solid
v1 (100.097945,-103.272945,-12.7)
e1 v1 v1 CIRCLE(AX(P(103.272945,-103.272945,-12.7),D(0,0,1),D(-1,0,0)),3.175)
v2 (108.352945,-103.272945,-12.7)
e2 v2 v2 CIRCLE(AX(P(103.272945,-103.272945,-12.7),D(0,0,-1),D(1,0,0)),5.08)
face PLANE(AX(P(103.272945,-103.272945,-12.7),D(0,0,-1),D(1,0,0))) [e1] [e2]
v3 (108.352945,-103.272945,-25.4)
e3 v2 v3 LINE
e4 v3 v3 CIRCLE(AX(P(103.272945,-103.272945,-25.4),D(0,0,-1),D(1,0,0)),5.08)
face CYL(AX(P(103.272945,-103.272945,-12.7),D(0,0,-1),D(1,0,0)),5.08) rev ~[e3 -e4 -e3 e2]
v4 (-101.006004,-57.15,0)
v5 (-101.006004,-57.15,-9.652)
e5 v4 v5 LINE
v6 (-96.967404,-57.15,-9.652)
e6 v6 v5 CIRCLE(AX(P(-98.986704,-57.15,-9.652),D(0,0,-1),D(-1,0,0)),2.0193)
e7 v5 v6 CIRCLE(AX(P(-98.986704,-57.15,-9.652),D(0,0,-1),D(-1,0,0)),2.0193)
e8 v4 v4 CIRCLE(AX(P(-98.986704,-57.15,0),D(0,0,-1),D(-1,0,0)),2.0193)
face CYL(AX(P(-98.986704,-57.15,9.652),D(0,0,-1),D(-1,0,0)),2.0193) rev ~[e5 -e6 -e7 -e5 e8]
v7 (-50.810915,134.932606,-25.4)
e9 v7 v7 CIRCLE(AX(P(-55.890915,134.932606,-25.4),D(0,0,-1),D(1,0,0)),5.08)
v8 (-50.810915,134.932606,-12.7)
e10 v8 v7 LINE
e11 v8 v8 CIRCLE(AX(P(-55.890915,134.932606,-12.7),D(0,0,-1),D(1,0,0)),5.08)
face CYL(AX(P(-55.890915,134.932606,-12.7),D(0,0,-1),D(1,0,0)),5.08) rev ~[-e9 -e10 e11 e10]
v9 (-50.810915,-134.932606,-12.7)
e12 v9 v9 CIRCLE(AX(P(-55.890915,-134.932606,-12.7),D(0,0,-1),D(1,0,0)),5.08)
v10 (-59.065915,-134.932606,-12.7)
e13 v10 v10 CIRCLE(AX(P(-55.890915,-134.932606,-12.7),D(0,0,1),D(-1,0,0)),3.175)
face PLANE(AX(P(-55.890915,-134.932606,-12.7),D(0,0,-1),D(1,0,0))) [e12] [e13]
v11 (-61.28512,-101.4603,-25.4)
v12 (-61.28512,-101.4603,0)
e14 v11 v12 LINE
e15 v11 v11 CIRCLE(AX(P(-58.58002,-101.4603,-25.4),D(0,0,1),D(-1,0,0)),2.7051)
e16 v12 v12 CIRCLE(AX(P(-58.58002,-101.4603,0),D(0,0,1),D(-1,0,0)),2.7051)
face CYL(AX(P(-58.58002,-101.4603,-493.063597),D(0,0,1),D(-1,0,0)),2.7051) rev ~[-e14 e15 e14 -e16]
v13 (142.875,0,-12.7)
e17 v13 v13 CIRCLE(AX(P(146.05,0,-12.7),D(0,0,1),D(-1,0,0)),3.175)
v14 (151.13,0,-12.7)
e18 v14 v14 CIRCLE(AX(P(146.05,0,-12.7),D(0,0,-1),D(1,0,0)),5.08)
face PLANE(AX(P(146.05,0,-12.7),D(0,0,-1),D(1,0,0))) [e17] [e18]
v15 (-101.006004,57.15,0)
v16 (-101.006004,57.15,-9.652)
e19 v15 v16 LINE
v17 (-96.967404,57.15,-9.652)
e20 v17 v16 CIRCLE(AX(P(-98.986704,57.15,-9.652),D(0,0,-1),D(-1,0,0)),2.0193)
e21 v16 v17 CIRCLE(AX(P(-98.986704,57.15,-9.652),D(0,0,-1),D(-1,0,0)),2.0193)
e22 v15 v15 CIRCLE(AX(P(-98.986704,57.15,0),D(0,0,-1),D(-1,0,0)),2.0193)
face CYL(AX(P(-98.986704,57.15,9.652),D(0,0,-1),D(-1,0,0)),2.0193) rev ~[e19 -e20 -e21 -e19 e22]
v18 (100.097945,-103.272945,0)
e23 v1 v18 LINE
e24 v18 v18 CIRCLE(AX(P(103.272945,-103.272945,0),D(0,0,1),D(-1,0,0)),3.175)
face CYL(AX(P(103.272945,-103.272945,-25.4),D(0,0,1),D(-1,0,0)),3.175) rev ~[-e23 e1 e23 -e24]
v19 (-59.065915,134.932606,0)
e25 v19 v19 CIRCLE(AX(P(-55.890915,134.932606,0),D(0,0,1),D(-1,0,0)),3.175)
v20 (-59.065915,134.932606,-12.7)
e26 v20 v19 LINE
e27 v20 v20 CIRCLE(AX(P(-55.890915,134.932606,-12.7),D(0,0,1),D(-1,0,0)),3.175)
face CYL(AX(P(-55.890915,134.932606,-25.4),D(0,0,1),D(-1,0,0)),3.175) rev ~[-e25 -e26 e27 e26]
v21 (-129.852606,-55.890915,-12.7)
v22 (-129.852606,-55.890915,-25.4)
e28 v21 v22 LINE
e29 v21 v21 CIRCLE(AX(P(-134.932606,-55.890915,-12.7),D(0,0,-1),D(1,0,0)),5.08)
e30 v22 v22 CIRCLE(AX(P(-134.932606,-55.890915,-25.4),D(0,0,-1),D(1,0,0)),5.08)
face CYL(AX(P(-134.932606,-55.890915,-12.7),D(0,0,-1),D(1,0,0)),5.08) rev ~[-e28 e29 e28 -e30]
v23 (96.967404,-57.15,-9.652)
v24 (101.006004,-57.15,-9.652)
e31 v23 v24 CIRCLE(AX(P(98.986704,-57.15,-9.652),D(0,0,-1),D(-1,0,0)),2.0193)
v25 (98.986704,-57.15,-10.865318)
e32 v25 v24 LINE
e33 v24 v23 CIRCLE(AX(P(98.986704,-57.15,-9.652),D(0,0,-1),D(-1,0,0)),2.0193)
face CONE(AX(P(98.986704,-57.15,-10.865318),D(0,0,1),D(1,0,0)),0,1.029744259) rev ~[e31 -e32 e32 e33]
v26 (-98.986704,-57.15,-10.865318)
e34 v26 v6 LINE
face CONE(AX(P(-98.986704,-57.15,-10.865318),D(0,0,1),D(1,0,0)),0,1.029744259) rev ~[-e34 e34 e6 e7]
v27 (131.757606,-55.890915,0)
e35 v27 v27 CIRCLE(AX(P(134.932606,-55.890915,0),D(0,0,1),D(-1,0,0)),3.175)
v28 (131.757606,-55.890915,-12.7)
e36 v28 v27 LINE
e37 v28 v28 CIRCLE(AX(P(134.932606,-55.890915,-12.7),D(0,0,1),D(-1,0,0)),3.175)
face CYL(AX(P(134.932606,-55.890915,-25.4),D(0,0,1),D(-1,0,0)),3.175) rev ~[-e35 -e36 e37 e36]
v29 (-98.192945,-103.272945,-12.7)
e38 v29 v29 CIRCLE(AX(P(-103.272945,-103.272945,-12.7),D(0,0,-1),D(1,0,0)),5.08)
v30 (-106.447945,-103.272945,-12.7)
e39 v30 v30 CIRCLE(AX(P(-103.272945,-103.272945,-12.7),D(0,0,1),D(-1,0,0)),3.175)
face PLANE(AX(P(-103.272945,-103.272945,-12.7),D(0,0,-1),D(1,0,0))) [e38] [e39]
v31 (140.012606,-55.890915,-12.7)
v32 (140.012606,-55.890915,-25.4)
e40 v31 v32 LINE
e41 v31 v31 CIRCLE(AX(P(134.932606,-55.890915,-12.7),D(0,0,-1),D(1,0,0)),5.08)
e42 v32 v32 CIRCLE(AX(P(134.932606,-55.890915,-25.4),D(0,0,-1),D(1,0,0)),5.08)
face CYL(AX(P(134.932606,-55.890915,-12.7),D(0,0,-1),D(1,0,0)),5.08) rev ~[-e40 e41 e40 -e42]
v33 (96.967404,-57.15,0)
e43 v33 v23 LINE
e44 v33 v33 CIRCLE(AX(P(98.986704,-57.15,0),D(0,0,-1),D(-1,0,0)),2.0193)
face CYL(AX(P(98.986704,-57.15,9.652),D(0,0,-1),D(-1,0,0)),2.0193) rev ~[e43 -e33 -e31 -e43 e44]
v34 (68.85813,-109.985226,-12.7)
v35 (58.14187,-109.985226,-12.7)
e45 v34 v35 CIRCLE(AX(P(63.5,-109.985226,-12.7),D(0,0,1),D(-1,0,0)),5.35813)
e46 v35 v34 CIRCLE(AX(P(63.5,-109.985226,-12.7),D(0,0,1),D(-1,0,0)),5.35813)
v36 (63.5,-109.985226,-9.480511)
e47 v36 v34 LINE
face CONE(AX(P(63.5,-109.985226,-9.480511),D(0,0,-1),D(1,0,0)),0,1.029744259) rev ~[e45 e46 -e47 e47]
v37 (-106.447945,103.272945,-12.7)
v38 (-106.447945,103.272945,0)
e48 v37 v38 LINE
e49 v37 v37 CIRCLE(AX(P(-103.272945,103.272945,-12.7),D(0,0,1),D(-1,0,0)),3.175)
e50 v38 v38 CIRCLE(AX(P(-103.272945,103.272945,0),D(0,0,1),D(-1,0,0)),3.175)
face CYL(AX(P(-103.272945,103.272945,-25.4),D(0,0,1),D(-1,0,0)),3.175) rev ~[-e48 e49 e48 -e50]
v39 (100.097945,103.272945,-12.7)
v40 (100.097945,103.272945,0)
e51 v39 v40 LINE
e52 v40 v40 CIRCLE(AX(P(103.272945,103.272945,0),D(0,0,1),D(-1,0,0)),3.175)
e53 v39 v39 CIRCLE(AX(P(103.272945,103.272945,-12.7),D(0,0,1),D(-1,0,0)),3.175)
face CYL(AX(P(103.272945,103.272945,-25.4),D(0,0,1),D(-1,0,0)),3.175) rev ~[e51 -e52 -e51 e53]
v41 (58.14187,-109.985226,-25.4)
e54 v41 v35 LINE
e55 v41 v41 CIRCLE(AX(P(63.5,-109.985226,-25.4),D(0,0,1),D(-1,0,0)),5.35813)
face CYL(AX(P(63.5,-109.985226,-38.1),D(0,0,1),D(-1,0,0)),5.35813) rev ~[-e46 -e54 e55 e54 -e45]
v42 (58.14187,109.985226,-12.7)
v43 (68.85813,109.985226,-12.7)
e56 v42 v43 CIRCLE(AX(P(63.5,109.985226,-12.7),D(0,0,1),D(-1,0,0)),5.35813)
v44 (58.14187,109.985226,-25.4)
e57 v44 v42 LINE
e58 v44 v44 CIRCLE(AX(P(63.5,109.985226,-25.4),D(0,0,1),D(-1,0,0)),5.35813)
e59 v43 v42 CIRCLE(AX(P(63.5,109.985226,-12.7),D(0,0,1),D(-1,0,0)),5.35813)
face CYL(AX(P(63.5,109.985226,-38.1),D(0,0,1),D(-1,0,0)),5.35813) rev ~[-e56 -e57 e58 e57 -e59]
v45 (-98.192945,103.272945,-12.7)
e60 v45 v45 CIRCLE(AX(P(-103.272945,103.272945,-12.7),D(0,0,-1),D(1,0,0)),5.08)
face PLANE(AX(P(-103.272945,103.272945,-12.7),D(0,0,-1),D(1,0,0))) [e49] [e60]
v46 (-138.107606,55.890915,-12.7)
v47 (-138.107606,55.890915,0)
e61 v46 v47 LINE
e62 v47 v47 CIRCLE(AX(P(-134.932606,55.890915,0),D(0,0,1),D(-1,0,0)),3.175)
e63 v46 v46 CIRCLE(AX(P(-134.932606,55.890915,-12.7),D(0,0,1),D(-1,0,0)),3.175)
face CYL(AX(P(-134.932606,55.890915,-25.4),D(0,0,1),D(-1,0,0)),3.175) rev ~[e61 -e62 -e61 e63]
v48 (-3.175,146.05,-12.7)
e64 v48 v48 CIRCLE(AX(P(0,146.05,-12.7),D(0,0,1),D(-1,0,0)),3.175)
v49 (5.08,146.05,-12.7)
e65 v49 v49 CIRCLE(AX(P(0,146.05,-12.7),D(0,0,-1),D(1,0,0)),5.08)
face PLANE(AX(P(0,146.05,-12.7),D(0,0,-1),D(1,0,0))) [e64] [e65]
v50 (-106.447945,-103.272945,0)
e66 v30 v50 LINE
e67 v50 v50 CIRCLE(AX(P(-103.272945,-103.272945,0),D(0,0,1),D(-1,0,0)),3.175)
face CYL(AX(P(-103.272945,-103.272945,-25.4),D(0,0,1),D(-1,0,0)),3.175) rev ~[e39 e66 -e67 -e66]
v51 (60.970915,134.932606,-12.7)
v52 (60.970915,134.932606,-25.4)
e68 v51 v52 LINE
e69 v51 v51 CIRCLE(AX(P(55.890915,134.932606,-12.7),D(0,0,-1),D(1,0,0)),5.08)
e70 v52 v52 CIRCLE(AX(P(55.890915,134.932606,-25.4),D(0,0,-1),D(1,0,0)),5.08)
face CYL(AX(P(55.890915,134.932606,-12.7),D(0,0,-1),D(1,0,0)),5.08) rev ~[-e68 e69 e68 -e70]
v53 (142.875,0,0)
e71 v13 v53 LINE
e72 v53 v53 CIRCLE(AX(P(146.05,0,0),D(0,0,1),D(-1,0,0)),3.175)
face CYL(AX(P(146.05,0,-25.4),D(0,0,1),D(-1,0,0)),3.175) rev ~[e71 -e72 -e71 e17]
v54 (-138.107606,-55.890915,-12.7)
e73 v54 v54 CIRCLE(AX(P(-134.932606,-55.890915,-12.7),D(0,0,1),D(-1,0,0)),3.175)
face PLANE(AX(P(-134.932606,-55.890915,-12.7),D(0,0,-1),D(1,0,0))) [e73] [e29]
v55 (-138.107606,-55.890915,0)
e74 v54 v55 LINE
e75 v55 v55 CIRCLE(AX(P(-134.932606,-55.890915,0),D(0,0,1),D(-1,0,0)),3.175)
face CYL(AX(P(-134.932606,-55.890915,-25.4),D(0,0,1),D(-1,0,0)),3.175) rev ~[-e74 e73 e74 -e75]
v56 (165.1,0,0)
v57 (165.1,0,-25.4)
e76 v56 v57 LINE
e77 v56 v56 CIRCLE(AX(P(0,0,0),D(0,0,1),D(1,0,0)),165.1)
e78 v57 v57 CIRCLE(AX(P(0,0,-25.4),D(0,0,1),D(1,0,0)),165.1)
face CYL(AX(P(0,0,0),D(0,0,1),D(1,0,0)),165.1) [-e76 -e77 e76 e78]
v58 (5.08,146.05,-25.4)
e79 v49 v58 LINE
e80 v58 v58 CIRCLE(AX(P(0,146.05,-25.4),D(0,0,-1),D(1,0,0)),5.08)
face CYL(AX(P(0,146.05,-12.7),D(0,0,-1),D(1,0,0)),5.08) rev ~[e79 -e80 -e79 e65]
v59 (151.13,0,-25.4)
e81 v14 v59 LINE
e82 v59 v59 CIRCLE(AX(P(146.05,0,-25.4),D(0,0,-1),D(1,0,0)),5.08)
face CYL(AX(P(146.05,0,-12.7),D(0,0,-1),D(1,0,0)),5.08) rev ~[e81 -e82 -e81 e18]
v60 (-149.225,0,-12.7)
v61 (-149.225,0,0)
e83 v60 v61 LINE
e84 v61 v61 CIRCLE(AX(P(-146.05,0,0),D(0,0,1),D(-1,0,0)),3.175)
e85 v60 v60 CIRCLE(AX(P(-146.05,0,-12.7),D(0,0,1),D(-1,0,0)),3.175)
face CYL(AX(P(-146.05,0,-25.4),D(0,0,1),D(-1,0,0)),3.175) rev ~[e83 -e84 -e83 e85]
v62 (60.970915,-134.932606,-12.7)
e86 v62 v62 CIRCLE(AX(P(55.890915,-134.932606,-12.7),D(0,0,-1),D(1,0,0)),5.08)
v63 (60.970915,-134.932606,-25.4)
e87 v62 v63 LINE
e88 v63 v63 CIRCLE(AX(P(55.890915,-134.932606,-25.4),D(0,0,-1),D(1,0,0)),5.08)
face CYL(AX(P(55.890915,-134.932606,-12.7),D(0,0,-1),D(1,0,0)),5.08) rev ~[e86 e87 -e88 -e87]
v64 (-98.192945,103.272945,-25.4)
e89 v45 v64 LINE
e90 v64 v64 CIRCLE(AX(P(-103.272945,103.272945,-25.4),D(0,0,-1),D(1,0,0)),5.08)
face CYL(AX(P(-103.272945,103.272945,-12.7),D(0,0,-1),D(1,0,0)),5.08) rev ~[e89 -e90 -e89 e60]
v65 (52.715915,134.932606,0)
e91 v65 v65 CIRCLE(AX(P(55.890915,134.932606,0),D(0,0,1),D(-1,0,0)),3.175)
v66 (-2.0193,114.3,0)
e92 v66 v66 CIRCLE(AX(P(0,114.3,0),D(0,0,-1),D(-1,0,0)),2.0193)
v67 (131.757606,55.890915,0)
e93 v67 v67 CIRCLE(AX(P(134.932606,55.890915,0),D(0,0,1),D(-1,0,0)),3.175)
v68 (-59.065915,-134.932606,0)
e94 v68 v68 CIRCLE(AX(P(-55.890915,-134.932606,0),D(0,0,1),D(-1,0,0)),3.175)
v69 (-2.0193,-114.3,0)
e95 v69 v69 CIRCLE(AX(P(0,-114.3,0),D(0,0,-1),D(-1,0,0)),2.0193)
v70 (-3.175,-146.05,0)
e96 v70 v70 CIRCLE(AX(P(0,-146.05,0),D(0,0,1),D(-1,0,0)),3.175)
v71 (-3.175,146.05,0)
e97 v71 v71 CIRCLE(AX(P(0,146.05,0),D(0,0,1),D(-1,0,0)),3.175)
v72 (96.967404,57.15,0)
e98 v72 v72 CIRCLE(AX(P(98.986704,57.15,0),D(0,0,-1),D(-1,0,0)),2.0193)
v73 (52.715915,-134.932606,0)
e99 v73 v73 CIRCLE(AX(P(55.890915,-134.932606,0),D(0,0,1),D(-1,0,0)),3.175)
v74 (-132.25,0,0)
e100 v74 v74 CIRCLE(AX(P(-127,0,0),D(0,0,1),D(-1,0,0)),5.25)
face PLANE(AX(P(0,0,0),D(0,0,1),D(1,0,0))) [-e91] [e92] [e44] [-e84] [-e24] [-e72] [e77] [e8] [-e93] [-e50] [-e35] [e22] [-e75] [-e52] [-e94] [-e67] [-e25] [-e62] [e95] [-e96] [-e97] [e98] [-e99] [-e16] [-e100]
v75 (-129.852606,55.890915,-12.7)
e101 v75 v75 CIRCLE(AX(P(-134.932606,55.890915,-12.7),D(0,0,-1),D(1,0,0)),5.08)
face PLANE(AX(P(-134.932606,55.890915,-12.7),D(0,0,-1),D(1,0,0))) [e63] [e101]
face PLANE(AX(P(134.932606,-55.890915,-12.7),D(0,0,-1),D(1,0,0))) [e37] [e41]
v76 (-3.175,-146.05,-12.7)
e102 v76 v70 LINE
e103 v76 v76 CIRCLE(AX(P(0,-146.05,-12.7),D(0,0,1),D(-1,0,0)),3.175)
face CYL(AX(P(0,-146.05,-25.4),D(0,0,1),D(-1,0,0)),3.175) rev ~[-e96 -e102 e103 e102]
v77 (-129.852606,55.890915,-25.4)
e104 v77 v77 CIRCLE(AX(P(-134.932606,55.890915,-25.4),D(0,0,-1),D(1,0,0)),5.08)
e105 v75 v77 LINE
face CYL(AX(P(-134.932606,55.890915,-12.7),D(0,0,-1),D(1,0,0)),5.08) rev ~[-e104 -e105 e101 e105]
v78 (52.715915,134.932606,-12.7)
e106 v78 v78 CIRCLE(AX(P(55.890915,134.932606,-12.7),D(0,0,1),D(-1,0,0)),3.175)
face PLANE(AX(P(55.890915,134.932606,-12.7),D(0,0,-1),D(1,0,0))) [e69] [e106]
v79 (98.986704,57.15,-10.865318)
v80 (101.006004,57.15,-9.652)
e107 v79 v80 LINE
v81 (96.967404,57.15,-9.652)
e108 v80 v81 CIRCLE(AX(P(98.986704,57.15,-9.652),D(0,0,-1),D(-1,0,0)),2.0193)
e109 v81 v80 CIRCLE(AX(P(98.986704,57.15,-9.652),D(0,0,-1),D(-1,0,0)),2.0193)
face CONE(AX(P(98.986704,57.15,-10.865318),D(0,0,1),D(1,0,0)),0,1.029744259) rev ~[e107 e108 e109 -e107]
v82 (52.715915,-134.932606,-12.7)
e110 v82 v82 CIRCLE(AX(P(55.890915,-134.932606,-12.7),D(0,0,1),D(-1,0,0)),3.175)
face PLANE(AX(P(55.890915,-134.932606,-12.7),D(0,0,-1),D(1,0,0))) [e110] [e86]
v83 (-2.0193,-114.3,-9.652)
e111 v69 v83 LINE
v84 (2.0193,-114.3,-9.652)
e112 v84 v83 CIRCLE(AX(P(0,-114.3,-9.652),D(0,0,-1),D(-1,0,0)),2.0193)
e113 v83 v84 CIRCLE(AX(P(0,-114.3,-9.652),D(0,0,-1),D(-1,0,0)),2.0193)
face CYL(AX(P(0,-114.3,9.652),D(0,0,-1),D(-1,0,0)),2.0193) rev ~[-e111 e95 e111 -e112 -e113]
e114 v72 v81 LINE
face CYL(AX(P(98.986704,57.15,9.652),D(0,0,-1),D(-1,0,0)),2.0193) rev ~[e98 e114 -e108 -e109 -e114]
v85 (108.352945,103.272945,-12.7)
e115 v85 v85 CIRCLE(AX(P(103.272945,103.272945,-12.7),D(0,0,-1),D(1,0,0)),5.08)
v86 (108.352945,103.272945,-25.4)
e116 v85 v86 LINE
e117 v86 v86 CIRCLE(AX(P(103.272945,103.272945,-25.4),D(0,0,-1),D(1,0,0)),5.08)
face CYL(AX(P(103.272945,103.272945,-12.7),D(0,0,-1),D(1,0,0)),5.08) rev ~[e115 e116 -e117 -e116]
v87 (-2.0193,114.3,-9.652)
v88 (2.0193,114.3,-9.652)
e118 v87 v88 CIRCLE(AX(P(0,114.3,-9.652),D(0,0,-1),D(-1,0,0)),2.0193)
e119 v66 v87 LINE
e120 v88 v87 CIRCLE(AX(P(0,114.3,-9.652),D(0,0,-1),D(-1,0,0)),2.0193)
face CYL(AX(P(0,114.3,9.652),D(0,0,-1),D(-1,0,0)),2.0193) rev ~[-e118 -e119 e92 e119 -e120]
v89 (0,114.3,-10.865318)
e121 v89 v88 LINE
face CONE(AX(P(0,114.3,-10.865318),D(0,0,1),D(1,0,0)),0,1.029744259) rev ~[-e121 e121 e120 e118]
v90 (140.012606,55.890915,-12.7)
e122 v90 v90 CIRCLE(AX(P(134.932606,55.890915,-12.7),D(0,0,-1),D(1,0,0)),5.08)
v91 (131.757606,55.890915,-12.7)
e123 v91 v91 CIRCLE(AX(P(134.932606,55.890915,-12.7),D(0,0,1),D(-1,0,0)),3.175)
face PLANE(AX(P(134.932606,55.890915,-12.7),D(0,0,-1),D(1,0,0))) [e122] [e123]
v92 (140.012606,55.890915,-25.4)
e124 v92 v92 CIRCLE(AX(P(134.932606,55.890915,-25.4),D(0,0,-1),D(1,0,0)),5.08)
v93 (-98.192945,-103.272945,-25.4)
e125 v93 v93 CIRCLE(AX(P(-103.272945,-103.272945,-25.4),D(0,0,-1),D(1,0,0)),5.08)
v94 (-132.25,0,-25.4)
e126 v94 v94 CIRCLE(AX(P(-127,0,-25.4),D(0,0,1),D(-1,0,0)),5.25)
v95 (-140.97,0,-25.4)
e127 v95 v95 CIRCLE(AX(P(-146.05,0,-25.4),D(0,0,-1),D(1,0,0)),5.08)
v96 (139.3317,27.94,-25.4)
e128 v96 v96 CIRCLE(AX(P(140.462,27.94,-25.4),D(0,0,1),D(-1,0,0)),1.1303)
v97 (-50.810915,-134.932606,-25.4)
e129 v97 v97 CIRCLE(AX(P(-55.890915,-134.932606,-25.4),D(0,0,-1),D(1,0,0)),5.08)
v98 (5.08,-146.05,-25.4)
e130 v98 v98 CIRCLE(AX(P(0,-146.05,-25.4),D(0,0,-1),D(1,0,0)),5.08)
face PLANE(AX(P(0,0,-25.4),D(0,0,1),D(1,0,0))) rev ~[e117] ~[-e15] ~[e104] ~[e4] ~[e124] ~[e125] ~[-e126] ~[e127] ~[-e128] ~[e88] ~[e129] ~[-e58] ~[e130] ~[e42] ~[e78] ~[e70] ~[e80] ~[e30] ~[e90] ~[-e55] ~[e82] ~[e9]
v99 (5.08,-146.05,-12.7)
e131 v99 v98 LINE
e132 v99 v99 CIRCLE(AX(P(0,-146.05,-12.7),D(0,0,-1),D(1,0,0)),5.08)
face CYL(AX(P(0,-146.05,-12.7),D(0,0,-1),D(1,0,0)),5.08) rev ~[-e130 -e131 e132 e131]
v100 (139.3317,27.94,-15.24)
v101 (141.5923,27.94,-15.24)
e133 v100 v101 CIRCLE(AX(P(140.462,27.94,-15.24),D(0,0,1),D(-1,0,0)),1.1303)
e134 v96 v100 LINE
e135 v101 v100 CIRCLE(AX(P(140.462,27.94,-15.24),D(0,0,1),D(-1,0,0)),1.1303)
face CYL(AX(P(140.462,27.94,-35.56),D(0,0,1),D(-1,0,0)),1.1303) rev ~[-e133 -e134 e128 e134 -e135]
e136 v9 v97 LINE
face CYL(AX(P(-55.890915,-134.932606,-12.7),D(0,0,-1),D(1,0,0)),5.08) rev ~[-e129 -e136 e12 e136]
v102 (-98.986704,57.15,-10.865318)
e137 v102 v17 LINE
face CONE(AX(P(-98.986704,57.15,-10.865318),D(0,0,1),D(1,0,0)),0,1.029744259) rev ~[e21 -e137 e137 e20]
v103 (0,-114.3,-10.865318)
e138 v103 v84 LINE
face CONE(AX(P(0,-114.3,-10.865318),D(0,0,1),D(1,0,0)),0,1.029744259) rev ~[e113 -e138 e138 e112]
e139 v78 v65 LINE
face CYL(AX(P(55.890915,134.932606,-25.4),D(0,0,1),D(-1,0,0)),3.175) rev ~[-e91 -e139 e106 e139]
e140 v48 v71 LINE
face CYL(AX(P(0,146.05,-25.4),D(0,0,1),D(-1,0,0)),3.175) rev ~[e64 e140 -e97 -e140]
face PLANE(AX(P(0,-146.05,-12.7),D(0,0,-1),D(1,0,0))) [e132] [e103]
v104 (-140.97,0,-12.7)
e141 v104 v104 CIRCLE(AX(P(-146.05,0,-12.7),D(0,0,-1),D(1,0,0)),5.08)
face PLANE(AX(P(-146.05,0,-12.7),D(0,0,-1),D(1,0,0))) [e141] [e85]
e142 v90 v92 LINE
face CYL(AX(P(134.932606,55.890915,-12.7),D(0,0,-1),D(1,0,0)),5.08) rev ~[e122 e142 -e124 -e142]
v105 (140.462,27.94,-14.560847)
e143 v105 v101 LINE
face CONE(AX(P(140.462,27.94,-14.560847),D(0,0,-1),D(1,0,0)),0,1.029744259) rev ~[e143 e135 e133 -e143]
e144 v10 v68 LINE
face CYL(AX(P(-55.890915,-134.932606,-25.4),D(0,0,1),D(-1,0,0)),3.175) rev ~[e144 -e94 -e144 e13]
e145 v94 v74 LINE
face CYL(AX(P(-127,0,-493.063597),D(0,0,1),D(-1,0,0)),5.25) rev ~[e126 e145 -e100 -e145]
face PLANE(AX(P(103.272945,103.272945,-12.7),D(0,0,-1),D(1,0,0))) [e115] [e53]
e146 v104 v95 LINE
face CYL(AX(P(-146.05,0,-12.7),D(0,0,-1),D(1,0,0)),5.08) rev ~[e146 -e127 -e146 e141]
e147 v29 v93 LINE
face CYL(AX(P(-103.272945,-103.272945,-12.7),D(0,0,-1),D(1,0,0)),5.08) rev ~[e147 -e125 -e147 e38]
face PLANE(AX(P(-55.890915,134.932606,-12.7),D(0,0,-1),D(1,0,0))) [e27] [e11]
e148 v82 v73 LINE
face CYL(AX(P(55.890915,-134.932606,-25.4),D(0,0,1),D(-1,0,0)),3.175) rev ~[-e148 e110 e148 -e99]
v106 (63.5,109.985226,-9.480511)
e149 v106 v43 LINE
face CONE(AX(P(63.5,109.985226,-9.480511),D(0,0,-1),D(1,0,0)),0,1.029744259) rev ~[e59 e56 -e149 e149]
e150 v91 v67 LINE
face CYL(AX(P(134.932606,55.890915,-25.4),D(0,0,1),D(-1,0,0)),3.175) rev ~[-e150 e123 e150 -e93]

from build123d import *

# Parameters (mm, degrees)
F0_R           = 165.1
F1_DEPTH       = 25.4
F3_D           = 4.0386
F3_DEPTH       = 9.652
F3_TIP         = 1.213317848
F5_D           = 6.35
F5_CBORE_D     = 10.16
F5_CBORE_DEPTH = 12.7
F6_D           = 10.5
F7_D           = 2.2606
F7_DEPTH       = 10.16
F7_TIP         = 0.6791527577
F8_D           = 5.4102
F9_D           = 10.71626
F9_DEPTH       = 12.7
F9_TIP         = 3.2194893086


with BuildPart() as f1:
    # F0 (on Top) → F1 (new body)
    with BuildSketch(Plane.XY):
        Circle(F0_R)
    extrude(amount=-F1_DEPTH)

    # F3
    with Locations(Plane.XY):
        with Locations((-98.9867036526, 57.15), (-98.9867036526, -57.15), (0, -114.3), (98.9867036526, -57.15), (98.9867036526, 57.15), (0, 114.3)):
            Hole(F3_D / 2, depth=F3_DEPTH)
            with Locations((0, 0, -(F3_DEPTH + F3_TIP / 2))):  # 118° drill point
                Cone(0, F3_D / 2, F3_TIP, mode=Mode.SUBTRACT)

    # F5 (through all)
    with Locations(Plane(origin=(0, 0, -25.4), x_dir=(1, 0, 0), z_dir=(0, 0, -1))):
        with Locations((-134.9326057233, 55.8909152969), (-103.2729453923, 103.2729453923), (-55.8909152969, 134.9326057233), (0, 146.05), (55.8909152969, 134.9326057233), (103.2729453923, 103.2729453923), (134.9326057233, 55.8909152969), (146.05, 0), (134.9326057233, -55.8909152969), (103.2729453923, -103.2729453923), (55.8909152969, -134.9326057233), (0, -146.05), (-55.8909152969, -134.9326057233), (-103.2729453923, -103.2729453923), (-134.9326057233, -55.8909152969), (-146.05, 0)):
            CounterBoreHole(F5_D / 2, F5_CBORE_D / 2, F5_CBORE_DEPTH)

    # F6 (through all)
    with Locations(Plane(origin=(0, 0, -25.4), x_dir=(1, 0, 0), z_dir=(0, 0, -1))):
        with Locations((-127, 0)):
            Hole(F6_D / 2)

    # F7
    with Locations(Plane(origin=(0, 0, -25.4), x_dir=(1, 0, 0), z_dir=(0, 0, -1))):
        with Locations((140.462, -27.94)):
            Hole(F7_D / 2, depth=F7_DEPTH)
            with Locations((0, 0, -(F7_DEPTH + F7_TIP / 2))):  # 118° drill point
                Cone(0, F7_D / 2, F7_TIP, mode=Mode.SUBTRACT)

    # F8 (through all)
    with Locations(Plane(origin=(0, 0, -25.4), x_dir=(1, 0, 0), z_dir=(0, 0, -1))):
        with Locations((-58.58002, 101.4603)):
            Hole(F8_D / 2)

    # F9
    with Locations(Plane(origin=(0, 0, -25.4), x_dir=(1, 0, 0), z_dir=(0, 0, -1))):
        with Locations((63.5, -109.9852262806), (63.5, 109.9852262806)):
            Hole(F9_D / 2, depth=F9_DEPTH)
            with Locations((0, 0, -(F9_DEPTH + F9_TIP / 2))):  # 118° drill point
                Cone(0, F9_D / 2, F9_TIP, mode=Mode.SUBTRACT)


solid = f1.part
